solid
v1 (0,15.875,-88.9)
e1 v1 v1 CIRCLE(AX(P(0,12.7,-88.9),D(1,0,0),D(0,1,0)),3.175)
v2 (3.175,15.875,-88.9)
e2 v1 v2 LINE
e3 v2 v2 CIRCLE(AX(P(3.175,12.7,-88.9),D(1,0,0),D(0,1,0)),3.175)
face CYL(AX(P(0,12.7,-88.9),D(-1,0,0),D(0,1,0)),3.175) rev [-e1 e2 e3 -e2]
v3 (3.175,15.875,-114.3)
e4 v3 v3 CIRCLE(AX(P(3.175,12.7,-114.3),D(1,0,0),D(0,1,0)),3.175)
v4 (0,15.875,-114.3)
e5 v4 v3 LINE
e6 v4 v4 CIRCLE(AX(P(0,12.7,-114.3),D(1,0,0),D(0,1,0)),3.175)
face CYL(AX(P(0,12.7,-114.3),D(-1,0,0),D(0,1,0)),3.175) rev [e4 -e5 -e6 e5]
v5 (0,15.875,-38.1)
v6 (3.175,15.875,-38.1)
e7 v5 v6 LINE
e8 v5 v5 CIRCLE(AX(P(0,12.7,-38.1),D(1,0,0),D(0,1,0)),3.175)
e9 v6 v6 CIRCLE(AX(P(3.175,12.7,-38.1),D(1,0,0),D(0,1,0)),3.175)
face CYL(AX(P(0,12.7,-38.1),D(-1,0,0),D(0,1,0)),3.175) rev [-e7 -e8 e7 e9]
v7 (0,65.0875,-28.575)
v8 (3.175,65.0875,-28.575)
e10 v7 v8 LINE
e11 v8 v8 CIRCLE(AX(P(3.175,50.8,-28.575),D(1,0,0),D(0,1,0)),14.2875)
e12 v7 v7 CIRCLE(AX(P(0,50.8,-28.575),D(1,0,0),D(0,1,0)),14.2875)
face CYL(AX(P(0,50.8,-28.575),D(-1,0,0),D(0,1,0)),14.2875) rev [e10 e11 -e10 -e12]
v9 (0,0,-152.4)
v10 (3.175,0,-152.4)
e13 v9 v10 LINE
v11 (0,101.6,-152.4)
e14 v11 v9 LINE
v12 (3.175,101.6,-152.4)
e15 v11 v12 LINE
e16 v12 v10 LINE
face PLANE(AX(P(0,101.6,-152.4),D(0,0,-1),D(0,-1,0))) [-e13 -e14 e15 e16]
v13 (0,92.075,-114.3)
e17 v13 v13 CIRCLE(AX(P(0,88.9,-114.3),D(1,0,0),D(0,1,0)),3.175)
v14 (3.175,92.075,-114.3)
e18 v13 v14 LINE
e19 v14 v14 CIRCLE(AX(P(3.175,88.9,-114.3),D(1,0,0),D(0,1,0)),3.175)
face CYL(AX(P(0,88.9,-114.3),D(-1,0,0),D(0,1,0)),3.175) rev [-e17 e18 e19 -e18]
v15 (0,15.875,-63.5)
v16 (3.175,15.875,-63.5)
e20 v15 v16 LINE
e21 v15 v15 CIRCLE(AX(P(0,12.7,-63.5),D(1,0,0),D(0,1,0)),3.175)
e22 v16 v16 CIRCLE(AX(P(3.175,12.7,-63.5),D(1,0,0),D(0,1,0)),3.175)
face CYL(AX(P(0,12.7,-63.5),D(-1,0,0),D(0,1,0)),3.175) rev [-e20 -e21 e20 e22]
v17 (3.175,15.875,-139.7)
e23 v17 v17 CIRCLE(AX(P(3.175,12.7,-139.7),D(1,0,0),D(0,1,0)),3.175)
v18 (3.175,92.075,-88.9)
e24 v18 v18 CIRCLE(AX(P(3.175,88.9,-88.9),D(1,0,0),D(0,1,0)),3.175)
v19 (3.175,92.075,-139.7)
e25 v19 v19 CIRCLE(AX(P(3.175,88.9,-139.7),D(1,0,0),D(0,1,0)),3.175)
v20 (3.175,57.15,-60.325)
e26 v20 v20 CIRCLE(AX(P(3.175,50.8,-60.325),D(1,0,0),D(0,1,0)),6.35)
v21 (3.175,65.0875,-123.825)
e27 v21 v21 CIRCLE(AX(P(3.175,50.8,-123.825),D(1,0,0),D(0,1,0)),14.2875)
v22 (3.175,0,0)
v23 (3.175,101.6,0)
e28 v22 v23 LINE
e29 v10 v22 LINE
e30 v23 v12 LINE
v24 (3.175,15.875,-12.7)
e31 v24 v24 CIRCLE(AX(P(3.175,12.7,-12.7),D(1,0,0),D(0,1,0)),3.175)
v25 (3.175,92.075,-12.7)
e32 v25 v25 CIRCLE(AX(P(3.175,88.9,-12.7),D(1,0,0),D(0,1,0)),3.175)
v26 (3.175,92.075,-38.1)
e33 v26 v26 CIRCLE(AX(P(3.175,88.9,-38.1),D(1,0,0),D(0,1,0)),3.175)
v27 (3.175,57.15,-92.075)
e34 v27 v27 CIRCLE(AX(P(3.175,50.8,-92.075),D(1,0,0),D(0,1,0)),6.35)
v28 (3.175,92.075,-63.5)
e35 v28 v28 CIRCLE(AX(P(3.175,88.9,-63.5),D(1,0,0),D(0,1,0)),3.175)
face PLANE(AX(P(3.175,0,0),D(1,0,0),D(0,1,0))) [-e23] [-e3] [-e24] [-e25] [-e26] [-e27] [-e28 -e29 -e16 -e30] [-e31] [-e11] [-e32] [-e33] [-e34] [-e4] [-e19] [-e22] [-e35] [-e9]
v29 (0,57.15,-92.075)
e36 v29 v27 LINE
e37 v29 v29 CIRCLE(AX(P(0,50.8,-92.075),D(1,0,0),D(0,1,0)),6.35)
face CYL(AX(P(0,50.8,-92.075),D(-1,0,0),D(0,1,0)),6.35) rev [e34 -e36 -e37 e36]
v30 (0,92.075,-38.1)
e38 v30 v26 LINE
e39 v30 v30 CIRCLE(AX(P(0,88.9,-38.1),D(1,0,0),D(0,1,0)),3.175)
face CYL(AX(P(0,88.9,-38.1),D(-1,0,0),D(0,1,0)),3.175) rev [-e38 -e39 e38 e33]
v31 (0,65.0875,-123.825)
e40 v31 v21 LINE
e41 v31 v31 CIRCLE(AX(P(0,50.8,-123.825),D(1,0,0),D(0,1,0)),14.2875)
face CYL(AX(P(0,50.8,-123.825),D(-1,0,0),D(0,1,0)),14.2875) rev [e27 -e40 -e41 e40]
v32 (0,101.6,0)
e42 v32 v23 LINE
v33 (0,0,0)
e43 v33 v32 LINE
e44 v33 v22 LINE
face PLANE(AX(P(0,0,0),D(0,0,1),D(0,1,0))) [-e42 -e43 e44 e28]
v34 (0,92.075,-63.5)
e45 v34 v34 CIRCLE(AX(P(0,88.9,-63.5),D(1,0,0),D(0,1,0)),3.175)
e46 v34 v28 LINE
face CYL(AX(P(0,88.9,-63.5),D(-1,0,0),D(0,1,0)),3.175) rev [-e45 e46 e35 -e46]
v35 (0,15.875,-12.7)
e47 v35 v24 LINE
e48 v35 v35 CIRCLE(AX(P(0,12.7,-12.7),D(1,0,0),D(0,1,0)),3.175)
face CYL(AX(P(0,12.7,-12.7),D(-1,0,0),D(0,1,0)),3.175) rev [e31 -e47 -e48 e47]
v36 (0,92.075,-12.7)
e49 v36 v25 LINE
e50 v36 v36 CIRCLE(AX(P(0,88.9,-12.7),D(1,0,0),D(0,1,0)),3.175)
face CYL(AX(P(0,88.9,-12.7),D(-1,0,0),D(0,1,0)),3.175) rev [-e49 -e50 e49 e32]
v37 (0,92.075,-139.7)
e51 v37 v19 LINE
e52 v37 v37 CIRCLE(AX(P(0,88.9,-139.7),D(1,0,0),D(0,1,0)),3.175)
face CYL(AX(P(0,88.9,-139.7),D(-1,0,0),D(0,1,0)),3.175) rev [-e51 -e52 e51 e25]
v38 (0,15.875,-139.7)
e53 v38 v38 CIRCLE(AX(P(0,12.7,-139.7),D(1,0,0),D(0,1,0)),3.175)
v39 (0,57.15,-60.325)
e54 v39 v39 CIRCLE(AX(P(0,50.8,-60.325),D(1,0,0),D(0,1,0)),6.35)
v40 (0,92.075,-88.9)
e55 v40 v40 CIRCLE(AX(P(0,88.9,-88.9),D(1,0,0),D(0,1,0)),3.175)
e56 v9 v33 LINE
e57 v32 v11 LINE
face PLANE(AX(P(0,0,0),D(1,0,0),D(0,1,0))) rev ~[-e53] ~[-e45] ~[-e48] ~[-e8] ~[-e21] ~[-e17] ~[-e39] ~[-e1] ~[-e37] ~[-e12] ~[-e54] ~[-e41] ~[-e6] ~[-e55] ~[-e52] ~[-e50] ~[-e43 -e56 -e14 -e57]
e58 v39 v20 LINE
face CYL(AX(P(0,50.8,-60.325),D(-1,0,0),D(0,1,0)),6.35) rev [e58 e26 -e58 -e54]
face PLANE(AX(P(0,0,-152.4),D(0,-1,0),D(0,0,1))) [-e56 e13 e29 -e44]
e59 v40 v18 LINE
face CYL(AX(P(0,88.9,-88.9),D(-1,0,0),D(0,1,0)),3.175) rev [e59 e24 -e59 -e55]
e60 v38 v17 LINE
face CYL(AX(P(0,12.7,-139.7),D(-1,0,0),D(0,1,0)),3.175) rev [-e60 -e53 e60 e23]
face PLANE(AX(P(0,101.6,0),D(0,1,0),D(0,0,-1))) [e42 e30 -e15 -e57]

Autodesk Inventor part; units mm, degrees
ref_plane "YZ Plane" through (0, 0, 0) normal (1, 0, 0) x (0, 1, 0)
ref_plane "XZ Plane" through (0, 0, 0) normal (0, 1, 0) x (-1, 0, 0)
ref_plane "XY Plane" through (0, 0, 0) normal (0, 0, 1) x (1, 0, 0)
sketch "Sketch1" plane through (0, 0, 0) normal (1, 0, 0) x (0, 1, 0)
  line L0 (0, 0) -> (101.6, 0)
  line L1 (101.6, 0) -> (101.6, -152.4)
  line L2 (101.6, -152.4) -> (0, -152.4)
  line L3 (0, -152.4) -> (0, 0)
  circle A0 centre (50.8, -28.575) radius 14.2875
  circle A1 centre (50.8, -60.325) radius 6.35
  circle A2 centre (50.8, -92.075) radius 6.35
  circle A3 centre (50.8, -123.825) radius 14.2875
  line L4 (50.8, -28.575) -> (50.8, -123.825) construction
  circle A4 centre (88.9, -12.7) radius 3.175
  circle A5 centre (88.9, -38.1) radius 3.175
  circle A6 centre (88.9, -63.5) radius 3.175
  circle A7 centre (88.9, -88.9) radius 3.175
  circle A8 centre (88.9, -114.3) radius 3.175
  circle A9 centre (88.9, -139.7) radius 3.175
  circle A10 centre (12.7, -12.7) radius 3.175
  circle A11 centre (12.7, -38.1) radius 3.175
  circle A12 centre (12.7, -63.5) radius 3.175
  circle A13 centre (12.7, -88.9) radius 3.175
  circle A14 centre (12.7, -114.3) radius 3.175
  circle A15 centre (12.7, -139.7) radius 3.175
  point P0 (101.6, -76.2)
  point P1 (50.8, -76.2)
  point P2 (50.8, -152.4)
  dimension "d0" = 101.6
  dimension "d1" = 152.4
  dimension "d2" = 28.575
  dimension "d3" = 12.7
  dimension "d4" = 12.7
  dimension "d5" = 28.575
  dimension "d6" = 31.75
  dimension "d7" = 31.75
  dimension "d8" = 31.75
  dimension "d9" = 6.35
  dimension "d10" = 12.7
  dimension "d11" = 12.7
  dimension "d14" = 25.4
  dimension "d17" = 76.2
extrude "Extrusion1" add sketch "Sketch1" along normal blind 3.175
equation "\"d7\" = d6"
equation "\"d8\" = d7"
properties part number "CH-1-02-RearGearboxHousingMotorSide"
